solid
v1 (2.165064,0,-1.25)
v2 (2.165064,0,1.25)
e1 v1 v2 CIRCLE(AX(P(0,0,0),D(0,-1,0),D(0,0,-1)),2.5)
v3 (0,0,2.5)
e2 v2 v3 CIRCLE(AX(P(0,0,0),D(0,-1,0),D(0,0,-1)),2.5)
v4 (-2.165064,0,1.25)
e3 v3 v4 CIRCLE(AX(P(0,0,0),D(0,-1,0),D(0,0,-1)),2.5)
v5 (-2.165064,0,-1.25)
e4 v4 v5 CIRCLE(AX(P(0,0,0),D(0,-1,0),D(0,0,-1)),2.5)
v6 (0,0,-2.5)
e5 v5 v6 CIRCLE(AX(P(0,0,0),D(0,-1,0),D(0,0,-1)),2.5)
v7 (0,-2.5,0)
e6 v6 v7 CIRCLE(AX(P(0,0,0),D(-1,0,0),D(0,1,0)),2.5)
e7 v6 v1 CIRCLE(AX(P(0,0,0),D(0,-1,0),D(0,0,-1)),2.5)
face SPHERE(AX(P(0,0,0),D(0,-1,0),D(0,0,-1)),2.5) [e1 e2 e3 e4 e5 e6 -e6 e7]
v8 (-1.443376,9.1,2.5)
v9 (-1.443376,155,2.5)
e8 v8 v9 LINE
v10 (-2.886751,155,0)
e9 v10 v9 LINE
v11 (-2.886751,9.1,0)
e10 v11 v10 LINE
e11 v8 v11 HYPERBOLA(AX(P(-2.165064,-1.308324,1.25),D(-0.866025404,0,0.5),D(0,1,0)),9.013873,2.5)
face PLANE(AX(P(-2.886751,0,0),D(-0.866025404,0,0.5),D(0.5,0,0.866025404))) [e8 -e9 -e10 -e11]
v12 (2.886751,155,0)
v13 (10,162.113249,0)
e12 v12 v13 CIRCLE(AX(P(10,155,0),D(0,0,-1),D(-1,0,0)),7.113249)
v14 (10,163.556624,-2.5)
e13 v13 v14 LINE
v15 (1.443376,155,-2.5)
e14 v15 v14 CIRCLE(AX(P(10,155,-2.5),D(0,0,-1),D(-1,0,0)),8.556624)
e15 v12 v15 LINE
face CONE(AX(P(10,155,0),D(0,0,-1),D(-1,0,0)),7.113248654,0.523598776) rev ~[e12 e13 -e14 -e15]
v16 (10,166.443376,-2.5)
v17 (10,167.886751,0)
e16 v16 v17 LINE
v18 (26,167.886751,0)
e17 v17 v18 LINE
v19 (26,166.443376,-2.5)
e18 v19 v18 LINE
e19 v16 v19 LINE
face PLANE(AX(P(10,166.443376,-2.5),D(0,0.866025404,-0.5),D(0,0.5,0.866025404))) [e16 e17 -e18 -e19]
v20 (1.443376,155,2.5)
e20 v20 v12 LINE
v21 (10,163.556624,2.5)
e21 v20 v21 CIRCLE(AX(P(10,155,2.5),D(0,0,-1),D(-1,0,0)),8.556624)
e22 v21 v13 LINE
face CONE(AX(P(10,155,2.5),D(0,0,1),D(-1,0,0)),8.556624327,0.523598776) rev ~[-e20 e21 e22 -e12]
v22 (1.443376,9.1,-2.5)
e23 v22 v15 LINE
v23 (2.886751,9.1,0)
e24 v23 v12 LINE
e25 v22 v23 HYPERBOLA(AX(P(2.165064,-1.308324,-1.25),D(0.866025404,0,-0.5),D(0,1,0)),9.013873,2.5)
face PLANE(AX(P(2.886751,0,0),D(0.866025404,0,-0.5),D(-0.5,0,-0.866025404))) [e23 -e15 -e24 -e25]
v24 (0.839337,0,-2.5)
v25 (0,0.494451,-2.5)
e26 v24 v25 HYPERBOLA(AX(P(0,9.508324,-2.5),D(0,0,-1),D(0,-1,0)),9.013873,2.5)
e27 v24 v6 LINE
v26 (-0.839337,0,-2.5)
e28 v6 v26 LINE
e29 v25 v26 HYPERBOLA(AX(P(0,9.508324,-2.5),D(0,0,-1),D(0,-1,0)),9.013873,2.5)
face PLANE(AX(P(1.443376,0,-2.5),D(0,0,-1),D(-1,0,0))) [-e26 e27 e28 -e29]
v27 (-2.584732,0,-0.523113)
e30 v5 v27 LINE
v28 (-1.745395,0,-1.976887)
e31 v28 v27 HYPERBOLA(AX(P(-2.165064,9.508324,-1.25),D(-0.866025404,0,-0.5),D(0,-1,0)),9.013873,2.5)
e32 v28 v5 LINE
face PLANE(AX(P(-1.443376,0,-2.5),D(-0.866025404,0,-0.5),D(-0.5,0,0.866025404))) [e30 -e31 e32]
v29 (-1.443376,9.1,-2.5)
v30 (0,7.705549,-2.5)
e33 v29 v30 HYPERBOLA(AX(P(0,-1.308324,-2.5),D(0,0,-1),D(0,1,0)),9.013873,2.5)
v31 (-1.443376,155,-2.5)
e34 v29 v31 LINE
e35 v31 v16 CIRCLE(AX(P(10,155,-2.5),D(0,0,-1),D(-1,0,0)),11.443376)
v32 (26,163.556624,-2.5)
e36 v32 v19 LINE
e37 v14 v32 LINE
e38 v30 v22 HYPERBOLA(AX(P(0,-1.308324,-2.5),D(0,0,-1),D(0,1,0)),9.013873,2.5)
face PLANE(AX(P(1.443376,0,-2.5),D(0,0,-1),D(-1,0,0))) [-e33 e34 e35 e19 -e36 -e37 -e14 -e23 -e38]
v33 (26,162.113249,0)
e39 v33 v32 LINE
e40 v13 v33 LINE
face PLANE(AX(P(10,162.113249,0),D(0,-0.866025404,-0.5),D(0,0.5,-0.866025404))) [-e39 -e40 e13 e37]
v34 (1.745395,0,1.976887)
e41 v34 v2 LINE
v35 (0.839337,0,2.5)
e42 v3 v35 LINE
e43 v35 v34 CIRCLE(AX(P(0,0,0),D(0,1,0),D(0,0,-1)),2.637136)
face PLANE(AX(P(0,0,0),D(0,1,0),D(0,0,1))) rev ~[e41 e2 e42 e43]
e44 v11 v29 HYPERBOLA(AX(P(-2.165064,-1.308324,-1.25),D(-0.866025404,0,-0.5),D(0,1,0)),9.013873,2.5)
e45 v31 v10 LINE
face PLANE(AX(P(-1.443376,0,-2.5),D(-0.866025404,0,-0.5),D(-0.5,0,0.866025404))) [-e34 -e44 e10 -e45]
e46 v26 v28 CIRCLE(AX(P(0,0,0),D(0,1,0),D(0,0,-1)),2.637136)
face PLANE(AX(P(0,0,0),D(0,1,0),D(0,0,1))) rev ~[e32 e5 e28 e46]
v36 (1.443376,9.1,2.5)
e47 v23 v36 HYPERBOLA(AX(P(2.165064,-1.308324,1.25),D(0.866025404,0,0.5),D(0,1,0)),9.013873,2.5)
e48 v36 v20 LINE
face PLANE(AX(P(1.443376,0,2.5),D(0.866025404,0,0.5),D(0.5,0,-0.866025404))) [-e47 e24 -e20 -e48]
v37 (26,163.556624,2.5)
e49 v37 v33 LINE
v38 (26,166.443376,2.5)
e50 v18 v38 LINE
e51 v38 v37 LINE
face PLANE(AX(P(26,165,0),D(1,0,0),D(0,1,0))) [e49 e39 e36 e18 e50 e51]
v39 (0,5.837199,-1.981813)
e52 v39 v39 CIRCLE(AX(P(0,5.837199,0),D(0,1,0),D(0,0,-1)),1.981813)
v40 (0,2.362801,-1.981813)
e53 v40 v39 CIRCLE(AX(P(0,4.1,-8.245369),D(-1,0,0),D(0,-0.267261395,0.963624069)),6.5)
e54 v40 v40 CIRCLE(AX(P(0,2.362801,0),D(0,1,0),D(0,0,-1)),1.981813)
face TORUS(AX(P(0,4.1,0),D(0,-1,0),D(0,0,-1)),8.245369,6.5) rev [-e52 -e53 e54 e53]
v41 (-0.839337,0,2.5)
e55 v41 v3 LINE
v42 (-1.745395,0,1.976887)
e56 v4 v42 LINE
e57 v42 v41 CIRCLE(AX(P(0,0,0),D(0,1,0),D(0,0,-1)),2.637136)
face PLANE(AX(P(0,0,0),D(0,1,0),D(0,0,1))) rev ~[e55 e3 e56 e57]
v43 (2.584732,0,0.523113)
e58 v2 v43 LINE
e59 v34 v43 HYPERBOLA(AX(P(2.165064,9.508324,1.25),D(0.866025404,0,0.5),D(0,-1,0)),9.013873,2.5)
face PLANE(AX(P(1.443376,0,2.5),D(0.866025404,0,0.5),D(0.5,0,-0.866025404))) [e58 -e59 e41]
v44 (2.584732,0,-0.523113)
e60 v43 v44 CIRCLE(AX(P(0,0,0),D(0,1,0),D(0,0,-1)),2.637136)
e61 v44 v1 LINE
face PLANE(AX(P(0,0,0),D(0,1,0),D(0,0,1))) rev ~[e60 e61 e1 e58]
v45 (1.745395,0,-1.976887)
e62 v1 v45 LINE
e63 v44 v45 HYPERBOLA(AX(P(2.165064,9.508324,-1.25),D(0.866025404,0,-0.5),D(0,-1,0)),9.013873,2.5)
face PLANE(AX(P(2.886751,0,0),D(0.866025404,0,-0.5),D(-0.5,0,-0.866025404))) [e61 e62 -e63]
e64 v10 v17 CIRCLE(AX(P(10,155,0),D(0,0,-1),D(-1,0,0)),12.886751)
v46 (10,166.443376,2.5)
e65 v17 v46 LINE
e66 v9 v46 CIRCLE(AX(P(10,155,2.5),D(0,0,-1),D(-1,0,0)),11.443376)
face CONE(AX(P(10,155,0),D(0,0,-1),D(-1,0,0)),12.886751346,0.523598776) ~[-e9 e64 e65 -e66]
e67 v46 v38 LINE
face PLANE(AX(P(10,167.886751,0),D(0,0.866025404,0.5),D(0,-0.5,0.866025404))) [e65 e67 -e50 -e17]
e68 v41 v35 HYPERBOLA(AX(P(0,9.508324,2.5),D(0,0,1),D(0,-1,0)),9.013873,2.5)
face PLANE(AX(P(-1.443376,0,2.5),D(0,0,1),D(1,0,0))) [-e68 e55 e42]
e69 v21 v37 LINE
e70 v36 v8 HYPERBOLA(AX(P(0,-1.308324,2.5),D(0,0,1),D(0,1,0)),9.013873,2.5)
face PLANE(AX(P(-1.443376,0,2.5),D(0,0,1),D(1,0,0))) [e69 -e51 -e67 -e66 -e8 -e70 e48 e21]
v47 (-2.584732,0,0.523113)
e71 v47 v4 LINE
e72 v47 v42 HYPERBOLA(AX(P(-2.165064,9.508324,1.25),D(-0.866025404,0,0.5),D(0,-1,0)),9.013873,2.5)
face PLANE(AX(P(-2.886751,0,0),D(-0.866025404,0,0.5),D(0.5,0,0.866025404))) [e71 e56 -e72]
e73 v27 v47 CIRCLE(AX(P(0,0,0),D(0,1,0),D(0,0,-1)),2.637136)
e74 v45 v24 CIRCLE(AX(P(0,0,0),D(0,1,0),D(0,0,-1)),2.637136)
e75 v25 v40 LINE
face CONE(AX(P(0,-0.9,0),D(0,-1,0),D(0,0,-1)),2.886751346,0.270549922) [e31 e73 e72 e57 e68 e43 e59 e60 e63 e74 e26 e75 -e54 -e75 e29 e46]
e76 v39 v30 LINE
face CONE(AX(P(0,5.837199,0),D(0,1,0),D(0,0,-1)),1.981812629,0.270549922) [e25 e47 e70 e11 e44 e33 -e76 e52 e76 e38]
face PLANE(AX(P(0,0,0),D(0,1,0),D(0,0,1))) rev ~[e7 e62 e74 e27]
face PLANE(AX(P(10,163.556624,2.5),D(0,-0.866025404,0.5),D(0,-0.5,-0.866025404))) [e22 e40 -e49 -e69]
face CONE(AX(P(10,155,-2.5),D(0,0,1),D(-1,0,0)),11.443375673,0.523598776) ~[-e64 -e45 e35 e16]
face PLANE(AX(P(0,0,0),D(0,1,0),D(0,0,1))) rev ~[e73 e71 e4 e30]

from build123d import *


with BuildPart() as part:
    # Austragung4: sweep along a path in Skizze1
    with BuildLine(Plane.XY) as austragung4_path:
        Line((0, 0), (0, 155))
        ThreePointArc((0, 155), (2.928932188, 162.071067812), (10, 165))
        Line((10, 165), (26, 165))
    # Skizze3 → Austragung4 (sweep)
    with BuildSketch(Plane(origin=(0, 0, 0), x_dir=(1, 0, 0), z_dir=(0, 1, 0))):
        Polygon((-1.443375673, 2.5), (-2.886751346, 0), (-1.443375673, -2.5), (1.443375673, -2.5), (2.886751346, 0), (1.443375673, 2.5), align=None)
    sweep(path=austragung4_path.line)

    # Skizze6 → Rotation5 (revolve)
    with BuildSketch(Plane(origin=(0, 0, 0), x_dir=(0, 0, -1), z_dir=(1, 0, 0))):
        with BuildLine():
            Line((0, -2.5), (0, 2.5))
            ThreePointArc((0, 2.5), (2.5, 0), (0, -2.5))
        make_face()
    revolve(axis=Axis((0, 7.810357944, 0), (0, -1, 0)))

    # Skizze8 → Schnitt-Rotation1 (revolve, cut)
    with BuildSketch(Plane.XY, mode=Mode.PRIVATE) as schnitt_rotation1_sk:
        with BuildLine():
            Line((-2.886751346, -0.9), (-1.981812629, 2.362800933))
            ThreePointArc((-1.981812629, 2.362800933), (-1.745369079, 4.1), (-1.981812629, 5.837199067))
            Line((-1.981812629, 5.837199067), (-2.886751346, 9.1))
            Line((-2.886751346, 9.1), (-2.886751346, -0.9))
        make_face()
    revolve(schnitt_rotation1_sk.sketch.rotate(Axis((0, 0, 0), (0, 1, 0)), 270), axis=Axis((0, 0, 0), (0, 1, 0)), mode=Mode.SUBTRACT)


solid = part.part
